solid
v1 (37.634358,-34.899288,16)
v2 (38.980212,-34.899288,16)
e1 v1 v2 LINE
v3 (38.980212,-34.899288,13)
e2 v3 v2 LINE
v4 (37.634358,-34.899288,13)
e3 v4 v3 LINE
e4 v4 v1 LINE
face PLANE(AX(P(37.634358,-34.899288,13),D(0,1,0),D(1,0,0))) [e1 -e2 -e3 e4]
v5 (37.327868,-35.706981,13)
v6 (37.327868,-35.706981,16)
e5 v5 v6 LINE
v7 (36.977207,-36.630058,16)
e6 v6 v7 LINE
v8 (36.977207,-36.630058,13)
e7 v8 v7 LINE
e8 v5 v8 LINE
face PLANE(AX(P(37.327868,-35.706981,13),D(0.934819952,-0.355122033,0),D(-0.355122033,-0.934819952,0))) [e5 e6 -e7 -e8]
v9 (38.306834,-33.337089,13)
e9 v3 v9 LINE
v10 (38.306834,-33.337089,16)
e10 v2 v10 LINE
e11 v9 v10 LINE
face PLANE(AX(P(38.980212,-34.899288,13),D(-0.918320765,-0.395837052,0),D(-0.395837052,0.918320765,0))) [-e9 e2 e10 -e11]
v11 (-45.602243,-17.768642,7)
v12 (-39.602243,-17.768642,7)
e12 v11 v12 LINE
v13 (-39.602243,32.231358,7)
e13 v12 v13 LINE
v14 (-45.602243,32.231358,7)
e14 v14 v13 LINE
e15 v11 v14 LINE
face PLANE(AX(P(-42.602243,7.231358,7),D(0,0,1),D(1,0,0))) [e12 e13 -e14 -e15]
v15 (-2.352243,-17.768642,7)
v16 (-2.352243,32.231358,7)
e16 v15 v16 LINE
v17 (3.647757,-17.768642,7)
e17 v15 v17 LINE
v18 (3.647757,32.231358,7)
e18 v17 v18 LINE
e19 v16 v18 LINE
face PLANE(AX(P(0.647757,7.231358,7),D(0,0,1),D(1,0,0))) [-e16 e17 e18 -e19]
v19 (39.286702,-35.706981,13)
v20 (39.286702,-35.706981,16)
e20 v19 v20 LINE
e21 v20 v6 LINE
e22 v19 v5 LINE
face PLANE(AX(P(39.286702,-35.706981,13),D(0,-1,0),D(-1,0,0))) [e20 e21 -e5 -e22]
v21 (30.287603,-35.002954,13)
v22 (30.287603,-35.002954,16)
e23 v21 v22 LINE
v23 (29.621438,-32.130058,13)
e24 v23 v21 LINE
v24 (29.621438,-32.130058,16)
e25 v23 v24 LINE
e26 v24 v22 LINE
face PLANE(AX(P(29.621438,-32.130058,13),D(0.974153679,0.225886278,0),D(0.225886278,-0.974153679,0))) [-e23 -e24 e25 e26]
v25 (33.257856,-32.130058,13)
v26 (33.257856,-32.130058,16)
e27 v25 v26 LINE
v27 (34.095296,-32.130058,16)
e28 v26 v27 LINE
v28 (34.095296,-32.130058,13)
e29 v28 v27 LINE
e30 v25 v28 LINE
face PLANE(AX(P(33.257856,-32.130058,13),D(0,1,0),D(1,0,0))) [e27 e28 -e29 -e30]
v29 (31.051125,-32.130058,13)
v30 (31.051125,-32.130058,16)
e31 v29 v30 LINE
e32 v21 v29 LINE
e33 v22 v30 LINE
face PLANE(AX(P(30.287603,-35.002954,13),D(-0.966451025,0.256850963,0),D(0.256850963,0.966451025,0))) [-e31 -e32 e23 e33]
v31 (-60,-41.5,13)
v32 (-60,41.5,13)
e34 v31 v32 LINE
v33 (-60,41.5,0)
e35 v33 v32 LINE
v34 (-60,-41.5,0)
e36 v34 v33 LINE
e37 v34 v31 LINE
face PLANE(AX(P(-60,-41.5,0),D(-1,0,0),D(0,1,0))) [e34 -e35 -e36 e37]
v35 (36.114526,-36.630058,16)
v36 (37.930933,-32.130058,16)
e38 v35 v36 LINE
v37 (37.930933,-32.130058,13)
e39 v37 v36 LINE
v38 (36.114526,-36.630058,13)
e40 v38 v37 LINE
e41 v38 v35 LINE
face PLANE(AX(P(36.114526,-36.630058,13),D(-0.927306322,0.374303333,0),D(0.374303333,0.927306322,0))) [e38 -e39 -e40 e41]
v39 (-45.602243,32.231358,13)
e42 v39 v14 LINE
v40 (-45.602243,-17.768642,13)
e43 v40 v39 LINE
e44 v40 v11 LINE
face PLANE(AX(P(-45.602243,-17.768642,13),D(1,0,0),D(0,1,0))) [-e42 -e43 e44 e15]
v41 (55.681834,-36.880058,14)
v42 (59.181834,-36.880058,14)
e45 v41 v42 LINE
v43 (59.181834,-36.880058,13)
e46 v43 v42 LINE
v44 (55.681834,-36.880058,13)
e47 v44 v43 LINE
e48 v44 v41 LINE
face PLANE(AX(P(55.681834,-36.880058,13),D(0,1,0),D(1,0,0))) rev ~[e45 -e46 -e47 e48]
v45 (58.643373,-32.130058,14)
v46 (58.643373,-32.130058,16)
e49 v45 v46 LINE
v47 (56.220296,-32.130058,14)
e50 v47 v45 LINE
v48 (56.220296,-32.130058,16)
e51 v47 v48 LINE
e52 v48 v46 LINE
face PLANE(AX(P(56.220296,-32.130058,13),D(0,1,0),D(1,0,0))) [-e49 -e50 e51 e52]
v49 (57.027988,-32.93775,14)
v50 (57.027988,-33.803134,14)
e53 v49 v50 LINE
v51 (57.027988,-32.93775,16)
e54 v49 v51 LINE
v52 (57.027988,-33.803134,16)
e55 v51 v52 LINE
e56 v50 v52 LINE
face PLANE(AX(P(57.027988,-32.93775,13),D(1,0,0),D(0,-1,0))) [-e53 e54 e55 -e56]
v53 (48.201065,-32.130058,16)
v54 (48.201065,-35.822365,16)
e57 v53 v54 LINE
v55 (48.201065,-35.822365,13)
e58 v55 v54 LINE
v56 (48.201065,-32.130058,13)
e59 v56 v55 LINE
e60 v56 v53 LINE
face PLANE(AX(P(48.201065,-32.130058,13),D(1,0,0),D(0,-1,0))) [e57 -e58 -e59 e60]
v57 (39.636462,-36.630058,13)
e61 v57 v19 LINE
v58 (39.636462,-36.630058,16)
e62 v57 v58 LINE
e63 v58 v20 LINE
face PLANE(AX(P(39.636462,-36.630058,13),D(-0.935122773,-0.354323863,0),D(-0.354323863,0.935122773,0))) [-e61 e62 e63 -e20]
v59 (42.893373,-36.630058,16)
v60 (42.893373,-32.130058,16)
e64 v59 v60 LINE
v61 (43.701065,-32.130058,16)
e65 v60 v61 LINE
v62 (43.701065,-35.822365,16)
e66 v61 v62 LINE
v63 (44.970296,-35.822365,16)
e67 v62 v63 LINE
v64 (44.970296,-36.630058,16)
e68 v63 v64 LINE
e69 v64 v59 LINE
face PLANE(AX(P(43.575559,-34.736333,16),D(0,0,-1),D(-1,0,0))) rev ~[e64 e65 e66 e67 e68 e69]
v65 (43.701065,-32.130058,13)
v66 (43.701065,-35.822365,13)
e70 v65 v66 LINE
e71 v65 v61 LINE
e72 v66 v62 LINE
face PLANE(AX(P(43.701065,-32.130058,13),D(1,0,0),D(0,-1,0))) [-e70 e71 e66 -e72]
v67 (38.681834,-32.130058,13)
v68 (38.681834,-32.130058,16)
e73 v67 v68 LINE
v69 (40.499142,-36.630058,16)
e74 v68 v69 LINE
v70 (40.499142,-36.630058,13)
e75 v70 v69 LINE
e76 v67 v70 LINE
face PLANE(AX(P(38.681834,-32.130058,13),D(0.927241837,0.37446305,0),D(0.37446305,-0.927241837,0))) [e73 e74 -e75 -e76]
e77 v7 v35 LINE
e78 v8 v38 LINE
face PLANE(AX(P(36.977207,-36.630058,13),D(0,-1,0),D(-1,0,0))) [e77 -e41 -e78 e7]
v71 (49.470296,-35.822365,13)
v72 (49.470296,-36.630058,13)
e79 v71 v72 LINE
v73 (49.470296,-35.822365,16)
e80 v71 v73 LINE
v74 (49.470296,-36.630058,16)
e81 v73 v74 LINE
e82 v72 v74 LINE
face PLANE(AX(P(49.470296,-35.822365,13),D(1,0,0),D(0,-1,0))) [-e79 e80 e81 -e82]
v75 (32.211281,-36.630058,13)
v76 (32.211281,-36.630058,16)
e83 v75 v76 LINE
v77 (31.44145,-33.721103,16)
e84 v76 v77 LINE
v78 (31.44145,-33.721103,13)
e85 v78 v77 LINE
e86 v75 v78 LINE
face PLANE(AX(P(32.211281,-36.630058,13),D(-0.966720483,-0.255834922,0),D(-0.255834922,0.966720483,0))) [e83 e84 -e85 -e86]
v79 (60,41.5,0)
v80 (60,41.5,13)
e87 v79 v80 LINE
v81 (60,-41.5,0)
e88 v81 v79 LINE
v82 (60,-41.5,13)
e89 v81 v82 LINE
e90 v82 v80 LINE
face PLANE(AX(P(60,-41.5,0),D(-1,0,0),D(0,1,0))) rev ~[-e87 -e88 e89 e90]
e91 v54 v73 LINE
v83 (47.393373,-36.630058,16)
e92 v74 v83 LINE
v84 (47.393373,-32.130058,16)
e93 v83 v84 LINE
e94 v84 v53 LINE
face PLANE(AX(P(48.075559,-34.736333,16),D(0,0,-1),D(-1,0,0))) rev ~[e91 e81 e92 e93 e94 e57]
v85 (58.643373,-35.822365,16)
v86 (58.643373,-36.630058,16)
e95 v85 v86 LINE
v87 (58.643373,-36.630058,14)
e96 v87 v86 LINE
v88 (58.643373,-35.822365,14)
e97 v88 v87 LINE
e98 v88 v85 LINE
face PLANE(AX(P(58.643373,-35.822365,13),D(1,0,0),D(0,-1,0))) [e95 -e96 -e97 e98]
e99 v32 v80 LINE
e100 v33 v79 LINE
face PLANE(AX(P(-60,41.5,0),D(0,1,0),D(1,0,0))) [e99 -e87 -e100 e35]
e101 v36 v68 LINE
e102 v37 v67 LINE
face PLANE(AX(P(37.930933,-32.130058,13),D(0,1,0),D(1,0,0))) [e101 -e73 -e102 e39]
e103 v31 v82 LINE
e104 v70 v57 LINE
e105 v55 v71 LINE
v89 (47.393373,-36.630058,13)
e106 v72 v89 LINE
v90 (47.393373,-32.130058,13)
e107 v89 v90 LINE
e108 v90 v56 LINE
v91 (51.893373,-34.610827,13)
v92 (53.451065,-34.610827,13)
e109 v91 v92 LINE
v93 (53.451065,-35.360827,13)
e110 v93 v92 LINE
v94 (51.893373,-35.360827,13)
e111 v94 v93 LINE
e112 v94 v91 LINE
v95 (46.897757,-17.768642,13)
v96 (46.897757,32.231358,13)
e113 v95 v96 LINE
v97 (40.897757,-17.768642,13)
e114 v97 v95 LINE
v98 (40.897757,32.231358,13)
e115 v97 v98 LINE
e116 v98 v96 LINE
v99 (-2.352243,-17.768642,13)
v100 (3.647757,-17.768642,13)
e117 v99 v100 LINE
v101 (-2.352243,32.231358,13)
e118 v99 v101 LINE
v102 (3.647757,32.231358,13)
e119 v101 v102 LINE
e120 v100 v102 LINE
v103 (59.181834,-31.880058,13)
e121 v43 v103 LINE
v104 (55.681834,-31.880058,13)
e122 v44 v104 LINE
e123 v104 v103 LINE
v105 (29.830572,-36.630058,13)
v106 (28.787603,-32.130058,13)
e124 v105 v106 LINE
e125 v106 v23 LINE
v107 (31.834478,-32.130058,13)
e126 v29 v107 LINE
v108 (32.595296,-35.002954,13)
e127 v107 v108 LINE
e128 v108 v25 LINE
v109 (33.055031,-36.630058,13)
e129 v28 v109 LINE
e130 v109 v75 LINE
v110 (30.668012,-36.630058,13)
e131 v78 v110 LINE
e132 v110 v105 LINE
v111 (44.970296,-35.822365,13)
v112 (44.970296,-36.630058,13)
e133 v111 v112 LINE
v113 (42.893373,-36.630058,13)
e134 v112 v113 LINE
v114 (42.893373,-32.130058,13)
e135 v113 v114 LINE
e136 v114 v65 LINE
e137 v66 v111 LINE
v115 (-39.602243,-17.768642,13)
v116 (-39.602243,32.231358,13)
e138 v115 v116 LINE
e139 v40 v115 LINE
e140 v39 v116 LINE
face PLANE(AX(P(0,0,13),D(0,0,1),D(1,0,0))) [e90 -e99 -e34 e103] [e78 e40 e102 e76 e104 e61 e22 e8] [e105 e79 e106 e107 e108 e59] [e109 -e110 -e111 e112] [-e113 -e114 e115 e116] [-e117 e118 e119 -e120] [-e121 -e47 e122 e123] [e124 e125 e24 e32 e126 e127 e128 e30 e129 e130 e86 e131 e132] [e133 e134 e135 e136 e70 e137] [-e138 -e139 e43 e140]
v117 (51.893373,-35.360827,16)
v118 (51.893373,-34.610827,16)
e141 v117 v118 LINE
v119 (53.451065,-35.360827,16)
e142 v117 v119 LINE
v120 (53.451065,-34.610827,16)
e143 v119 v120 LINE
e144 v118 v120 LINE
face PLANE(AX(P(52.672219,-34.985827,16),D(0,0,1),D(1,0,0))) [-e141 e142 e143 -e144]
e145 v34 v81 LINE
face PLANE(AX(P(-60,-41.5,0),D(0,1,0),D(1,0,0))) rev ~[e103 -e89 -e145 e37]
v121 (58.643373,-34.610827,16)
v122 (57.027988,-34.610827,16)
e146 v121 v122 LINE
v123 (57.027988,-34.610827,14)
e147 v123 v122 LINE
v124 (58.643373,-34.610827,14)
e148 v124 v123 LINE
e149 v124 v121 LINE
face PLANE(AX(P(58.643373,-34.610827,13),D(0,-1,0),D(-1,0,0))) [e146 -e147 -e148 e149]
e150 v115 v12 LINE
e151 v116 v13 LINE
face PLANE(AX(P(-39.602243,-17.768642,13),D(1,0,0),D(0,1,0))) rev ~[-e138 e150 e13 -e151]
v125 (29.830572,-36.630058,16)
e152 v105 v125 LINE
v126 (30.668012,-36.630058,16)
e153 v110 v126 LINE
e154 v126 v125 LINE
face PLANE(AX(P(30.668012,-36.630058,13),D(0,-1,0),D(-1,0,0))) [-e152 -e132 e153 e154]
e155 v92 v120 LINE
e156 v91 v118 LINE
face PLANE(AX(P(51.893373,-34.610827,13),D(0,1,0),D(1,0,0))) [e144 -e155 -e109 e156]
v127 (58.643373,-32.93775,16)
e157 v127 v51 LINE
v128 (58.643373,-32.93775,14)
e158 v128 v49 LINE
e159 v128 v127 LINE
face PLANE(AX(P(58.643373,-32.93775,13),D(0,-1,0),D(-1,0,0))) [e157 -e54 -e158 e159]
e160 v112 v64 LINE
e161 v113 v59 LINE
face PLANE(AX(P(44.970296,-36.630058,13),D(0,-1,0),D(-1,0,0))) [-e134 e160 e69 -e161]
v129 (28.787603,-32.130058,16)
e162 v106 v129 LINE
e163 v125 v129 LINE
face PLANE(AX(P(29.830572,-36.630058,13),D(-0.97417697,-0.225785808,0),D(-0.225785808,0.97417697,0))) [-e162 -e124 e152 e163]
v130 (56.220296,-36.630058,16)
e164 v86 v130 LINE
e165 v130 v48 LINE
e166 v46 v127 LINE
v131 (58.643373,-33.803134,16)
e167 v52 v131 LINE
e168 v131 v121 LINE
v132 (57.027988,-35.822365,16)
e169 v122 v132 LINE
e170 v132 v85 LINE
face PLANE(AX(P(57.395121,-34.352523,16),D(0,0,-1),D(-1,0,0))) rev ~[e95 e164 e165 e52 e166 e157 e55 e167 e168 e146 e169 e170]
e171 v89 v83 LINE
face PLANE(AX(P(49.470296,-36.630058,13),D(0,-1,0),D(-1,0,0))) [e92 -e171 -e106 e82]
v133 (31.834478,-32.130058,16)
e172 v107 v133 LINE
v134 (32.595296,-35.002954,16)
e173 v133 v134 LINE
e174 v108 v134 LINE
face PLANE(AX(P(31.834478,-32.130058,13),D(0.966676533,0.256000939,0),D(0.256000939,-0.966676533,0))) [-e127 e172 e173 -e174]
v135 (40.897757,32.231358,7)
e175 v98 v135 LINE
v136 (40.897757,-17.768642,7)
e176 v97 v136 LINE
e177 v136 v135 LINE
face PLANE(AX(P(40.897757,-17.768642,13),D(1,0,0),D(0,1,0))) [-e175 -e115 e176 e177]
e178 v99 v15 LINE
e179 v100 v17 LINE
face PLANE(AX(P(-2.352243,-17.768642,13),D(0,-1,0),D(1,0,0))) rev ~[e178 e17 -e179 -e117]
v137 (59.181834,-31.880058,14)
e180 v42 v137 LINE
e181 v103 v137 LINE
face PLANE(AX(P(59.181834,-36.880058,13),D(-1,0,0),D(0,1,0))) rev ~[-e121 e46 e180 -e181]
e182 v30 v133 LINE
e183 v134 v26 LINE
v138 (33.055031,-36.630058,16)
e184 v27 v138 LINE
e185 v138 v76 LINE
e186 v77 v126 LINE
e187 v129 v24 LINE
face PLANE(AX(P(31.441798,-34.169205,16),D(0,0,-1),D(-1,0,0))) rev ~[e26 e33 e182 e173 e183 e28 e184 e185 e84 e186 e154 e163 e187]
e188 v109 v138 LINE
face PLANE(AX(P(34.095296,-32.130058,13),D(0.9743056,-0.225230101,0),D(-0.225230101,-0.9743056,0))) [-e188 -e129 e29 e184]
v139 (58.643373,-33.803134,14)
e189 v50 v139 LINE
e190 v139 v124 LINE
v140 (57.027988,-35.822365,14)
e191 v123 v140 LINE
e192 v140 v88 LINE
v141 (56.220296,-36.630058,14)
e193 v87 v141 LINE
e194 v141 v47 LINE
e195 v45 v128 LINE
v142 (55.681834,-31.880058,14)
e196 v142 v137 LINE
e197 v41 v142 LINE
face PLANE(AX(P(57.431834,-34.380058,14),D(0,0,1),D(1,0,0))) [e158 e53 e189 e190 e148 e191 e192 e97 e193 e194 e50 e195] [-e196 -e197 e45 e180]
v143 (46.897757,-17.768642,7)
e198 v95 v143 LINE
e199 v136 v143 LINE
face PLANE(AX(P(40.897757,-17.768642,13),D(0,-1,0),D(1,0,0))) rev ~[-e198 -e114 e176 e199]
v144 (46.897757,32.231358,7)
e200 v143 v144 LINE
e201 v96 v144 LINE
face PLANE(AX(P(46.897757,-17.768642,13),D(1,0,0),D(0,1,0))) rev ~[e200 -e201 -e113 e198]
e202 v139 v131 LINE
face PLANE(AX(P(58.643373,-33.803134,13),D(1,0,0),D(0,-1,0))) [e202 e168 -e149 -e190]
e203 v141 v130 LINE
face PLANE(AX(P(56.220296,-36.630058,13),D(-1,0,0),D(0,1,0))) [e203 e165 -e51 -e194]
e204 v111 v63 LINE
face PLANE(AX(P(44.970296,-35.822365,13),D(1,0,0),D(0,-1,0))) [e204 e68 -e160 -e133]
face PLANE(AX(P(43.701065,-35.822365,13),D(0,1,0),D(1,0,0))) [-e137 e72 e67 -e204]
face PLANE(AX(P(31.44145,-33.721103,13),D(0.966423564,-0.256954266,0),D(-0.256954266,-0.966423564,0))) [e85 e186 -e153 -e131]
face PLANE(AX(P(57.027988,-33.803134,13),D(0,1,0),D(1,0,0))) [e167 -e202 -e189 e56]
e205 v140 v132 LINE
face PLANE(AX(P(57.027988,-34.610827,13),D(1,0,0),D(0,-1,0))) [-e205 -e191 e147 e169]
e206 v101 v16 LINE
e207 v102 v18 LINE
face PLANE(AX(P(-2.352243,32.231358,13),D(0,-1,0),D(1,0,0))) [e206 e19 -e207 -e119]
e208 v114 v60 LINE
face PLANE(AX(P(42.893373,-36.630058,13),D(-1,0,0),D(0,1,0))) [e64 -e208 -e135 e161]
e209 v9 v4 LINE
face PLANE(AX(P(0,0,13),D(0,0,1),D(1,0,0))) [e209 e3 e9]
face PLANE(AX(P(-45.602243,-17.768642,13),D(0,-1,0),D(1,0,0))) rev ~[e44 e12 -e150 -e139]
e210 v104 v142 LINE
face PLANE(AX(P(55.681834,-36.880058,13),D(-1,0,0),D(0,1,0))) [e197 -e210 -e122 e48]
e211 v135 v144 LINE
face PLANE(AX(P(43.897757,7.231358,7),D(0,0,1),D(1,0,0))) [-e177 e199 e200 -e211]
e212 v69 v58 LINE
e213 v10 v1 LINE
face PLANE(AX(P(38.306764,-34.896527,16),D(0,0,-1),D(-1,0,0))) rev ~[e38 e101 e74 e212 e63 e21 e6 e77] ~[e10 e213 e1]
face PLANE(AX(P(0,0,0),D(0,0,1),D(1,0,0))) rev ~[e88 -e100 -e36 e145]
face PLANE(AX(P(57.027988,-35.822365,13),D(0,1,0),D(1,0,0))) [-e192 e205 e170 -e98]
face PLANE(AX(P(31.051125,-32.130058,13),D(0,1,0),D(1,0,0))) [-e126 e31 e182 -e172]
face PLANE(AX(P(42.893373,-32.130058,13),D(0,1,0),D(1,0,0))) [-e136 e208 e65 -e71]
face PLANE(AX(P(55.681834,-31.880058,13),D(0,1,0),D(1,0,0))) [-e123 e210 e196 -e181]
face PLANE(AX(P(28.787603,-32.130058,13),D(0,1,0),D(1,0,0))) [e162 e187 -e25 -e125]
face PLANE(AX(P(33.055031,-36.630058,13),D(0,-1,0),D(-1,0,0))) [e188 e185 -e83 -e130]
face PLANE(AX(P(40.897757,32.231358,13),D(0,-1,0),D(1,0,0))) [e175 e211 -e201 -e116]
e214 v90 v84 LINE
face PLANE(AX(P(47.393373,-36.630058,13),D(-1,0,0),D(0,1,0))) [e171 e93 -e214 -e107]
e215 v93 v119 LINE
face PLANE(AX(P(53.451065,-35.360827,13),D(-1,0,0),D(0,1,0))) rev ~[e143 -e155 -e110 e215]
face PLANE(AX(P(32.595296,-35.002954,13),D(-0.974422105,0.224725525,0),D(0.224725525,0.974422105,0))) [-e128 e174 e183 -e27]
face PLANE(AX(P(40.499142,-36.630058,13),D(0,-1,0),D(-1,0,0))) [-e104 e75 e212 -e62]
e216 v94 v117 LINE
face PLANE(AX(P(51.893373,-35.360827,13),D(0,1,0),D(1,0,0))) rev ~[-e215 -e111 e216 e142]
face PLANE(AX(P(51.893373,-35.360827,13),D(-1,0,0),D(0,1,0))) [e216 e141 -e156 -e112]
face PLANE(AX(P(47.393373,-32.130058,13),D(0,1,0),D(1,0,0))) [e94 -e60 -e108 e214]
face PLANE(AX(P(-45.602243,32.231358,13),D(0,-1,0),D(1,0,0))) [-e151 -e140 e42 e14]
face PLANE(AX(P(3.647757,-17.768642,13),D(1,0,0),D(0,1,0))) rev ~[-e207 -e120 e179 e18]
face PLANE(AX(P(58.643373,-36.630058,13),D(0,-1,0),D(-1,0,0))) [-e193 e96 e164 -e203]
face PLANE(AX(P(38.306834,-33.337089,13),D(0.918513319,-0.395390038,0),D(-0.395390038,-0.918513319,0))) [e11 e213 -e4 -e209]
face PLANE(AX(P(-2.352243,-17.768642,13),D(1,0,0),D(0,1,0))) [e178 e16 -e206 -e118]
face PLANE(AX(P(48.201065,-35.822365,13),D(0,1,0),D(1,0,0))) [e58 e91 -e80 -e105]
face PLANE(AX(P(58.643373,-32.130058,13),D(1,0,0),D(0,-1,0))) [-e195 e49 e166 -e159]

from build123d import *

# Parameters (mm, degrees)
SKETCH1_W           = 120
SKETCH1_H           = 83
BOSS_EXTRUDE1_DEPTH = 13
SKETCH2_W           = 6
SKETCH2_H           = 50
CUT_EXTRUDE1_DEPTH  = 6
SKETCH4_W           = 1.557692307
SKETCH4_H           = 0.75
BOSS_EXTRUDE3_DEPTH = 3
SKETCH5_W           = 3.5
SKETCH5_H           = 5
BOSS_EXTRUDE4_DEPTH = 1


with BuildPart() as part:
    # Sketch1 → Boss-Extrude1 (new body)
    with BuildSketch(Plane.XY):
        Rectangle(SKETCH1_W, SKETCH1_H)
    extrude(amount=BOSS_EXTRUDE1_DEPTH)

    # Sketch2 → Cut-Extrude1 (cut)
    with BuildSketch(Plane.XY.offset(13)):
        with Locations((-42.602242675, 7.231357776)):
            Rectangle(SKETCH2_W, SKETCH2_H)
        with Locations((0.647757325, 7.231357776)):
            Rectangle(SKETCH2_W, SKETCH2_H)
        with Locations((43.897757325, 7.231357776)):
            Rectangle(SKETCH2_W, SKETCH2_H)
    extrude(amount=-CUT_EXTRUDE1_DEPTH, mode=Mode.SUBTRACT)

    # Sketch4 → Boss-Extrude3 (add)
    # profile 1 of 6: a face of its own
    with BuildSketch(Plane.XY.offset(13)):
        Polygon((28.787603371, -32.130057538), (29.621437506, -32.130057538), (30.287603371, -35.002954173), (31.051125006, -32.130057538), (31.834478371, -32.130057538), (32.595295679, -35.002954173), (33.257855775, -32.130057538), (34.095295679, -32.130057538), (33.055031256, -36.630057538), (32.211281256, -36.630057538), (31.441449525, -33.721103211), (30.668012025, -36.630057538), (29.830572121, -36.630057538), align=None)
    # profile 2 of 6: a face of its own
    with BuildSketch(Plane.XY.offset(13)):
        Polygon((37.930932698, -32.130057538), (38.68183414, -32.130057538), (40.499141833, -36.630057538), (39.636461544, -36.630057538), (39.286701929, -35.706980615), (37.327867794, -35.706980615), (36.977206736, -36.630057538), (36.114526448, -36.630057538), align=None)
        Polygon((38.30683414, -33.337088788), (37.634358179, -34.899288307), (38.980211544, -34.899288307), align=None, mode=Mode.SUBTRACT)
    # profile 3 of 6: a face of its own
    with BuildSketch(Plane.XY.offset(13)):
        Polygon((42.893372602, -32.130057538), (43.701064909, -32.130057538), (43.701064909, -35.82236523), (44.970295679, -35.82236523), (44.970295679, -36.630057538), (42.893372602, -36.630057538), align=None)
    # profile 4 of 6: a face of its own
    with BuildSketch(Plane.XY.offset(13)):
        Polygon((47.393372602, -32.130057538), (48.201064909, -32.130057538), (48.201064909, -35.82236523), (49.470295679, -35.82236523), (49.470295679, -36.630057538), (47.393372602, -36.630057538), align=None)
    # profile 5 of 6: a face of its own
    with BuildSketch(Plane.XY.offset(13)):
        with Locations((52.672218756, -34.985826769)):
            Rectangle(SKETCH4_W, SKETCH4_H)
    # profile 6 of 6: a face of its own
    with BuildSketch(Plane.XY.offset(13)):
        Polygon((56.220295679, -32.130057538), (58.643372602, -32.130057538), (58.643372602, -32.937749846), (57.027987986, -32.937749846), (57.027987986, -33.803134461), (58.643372602, -33.803134461), (58.643372602, -34.610826769), (57.027987986, -34.610826769), (57.027987986, -35.82236523), (58.643372602, -35.82236523), (58.643372602, -36.630057538), (56.220295679, -36.630057538), align=None)
    extrude(amount=BOSS_EXTRUDE3_DEPTH)

    # Sketch5 → Boss-Extrude4 (add)
    with BuildSketch(Plane.XY.offset(13)):
        with Locations((57.43183414, -34.380057538)):
            Rectangle(SKETCH5_W, SKETCH5_H)
    extrude(amount=BOSS_EXTRUDE4_DEPTH)


solid = part.part
